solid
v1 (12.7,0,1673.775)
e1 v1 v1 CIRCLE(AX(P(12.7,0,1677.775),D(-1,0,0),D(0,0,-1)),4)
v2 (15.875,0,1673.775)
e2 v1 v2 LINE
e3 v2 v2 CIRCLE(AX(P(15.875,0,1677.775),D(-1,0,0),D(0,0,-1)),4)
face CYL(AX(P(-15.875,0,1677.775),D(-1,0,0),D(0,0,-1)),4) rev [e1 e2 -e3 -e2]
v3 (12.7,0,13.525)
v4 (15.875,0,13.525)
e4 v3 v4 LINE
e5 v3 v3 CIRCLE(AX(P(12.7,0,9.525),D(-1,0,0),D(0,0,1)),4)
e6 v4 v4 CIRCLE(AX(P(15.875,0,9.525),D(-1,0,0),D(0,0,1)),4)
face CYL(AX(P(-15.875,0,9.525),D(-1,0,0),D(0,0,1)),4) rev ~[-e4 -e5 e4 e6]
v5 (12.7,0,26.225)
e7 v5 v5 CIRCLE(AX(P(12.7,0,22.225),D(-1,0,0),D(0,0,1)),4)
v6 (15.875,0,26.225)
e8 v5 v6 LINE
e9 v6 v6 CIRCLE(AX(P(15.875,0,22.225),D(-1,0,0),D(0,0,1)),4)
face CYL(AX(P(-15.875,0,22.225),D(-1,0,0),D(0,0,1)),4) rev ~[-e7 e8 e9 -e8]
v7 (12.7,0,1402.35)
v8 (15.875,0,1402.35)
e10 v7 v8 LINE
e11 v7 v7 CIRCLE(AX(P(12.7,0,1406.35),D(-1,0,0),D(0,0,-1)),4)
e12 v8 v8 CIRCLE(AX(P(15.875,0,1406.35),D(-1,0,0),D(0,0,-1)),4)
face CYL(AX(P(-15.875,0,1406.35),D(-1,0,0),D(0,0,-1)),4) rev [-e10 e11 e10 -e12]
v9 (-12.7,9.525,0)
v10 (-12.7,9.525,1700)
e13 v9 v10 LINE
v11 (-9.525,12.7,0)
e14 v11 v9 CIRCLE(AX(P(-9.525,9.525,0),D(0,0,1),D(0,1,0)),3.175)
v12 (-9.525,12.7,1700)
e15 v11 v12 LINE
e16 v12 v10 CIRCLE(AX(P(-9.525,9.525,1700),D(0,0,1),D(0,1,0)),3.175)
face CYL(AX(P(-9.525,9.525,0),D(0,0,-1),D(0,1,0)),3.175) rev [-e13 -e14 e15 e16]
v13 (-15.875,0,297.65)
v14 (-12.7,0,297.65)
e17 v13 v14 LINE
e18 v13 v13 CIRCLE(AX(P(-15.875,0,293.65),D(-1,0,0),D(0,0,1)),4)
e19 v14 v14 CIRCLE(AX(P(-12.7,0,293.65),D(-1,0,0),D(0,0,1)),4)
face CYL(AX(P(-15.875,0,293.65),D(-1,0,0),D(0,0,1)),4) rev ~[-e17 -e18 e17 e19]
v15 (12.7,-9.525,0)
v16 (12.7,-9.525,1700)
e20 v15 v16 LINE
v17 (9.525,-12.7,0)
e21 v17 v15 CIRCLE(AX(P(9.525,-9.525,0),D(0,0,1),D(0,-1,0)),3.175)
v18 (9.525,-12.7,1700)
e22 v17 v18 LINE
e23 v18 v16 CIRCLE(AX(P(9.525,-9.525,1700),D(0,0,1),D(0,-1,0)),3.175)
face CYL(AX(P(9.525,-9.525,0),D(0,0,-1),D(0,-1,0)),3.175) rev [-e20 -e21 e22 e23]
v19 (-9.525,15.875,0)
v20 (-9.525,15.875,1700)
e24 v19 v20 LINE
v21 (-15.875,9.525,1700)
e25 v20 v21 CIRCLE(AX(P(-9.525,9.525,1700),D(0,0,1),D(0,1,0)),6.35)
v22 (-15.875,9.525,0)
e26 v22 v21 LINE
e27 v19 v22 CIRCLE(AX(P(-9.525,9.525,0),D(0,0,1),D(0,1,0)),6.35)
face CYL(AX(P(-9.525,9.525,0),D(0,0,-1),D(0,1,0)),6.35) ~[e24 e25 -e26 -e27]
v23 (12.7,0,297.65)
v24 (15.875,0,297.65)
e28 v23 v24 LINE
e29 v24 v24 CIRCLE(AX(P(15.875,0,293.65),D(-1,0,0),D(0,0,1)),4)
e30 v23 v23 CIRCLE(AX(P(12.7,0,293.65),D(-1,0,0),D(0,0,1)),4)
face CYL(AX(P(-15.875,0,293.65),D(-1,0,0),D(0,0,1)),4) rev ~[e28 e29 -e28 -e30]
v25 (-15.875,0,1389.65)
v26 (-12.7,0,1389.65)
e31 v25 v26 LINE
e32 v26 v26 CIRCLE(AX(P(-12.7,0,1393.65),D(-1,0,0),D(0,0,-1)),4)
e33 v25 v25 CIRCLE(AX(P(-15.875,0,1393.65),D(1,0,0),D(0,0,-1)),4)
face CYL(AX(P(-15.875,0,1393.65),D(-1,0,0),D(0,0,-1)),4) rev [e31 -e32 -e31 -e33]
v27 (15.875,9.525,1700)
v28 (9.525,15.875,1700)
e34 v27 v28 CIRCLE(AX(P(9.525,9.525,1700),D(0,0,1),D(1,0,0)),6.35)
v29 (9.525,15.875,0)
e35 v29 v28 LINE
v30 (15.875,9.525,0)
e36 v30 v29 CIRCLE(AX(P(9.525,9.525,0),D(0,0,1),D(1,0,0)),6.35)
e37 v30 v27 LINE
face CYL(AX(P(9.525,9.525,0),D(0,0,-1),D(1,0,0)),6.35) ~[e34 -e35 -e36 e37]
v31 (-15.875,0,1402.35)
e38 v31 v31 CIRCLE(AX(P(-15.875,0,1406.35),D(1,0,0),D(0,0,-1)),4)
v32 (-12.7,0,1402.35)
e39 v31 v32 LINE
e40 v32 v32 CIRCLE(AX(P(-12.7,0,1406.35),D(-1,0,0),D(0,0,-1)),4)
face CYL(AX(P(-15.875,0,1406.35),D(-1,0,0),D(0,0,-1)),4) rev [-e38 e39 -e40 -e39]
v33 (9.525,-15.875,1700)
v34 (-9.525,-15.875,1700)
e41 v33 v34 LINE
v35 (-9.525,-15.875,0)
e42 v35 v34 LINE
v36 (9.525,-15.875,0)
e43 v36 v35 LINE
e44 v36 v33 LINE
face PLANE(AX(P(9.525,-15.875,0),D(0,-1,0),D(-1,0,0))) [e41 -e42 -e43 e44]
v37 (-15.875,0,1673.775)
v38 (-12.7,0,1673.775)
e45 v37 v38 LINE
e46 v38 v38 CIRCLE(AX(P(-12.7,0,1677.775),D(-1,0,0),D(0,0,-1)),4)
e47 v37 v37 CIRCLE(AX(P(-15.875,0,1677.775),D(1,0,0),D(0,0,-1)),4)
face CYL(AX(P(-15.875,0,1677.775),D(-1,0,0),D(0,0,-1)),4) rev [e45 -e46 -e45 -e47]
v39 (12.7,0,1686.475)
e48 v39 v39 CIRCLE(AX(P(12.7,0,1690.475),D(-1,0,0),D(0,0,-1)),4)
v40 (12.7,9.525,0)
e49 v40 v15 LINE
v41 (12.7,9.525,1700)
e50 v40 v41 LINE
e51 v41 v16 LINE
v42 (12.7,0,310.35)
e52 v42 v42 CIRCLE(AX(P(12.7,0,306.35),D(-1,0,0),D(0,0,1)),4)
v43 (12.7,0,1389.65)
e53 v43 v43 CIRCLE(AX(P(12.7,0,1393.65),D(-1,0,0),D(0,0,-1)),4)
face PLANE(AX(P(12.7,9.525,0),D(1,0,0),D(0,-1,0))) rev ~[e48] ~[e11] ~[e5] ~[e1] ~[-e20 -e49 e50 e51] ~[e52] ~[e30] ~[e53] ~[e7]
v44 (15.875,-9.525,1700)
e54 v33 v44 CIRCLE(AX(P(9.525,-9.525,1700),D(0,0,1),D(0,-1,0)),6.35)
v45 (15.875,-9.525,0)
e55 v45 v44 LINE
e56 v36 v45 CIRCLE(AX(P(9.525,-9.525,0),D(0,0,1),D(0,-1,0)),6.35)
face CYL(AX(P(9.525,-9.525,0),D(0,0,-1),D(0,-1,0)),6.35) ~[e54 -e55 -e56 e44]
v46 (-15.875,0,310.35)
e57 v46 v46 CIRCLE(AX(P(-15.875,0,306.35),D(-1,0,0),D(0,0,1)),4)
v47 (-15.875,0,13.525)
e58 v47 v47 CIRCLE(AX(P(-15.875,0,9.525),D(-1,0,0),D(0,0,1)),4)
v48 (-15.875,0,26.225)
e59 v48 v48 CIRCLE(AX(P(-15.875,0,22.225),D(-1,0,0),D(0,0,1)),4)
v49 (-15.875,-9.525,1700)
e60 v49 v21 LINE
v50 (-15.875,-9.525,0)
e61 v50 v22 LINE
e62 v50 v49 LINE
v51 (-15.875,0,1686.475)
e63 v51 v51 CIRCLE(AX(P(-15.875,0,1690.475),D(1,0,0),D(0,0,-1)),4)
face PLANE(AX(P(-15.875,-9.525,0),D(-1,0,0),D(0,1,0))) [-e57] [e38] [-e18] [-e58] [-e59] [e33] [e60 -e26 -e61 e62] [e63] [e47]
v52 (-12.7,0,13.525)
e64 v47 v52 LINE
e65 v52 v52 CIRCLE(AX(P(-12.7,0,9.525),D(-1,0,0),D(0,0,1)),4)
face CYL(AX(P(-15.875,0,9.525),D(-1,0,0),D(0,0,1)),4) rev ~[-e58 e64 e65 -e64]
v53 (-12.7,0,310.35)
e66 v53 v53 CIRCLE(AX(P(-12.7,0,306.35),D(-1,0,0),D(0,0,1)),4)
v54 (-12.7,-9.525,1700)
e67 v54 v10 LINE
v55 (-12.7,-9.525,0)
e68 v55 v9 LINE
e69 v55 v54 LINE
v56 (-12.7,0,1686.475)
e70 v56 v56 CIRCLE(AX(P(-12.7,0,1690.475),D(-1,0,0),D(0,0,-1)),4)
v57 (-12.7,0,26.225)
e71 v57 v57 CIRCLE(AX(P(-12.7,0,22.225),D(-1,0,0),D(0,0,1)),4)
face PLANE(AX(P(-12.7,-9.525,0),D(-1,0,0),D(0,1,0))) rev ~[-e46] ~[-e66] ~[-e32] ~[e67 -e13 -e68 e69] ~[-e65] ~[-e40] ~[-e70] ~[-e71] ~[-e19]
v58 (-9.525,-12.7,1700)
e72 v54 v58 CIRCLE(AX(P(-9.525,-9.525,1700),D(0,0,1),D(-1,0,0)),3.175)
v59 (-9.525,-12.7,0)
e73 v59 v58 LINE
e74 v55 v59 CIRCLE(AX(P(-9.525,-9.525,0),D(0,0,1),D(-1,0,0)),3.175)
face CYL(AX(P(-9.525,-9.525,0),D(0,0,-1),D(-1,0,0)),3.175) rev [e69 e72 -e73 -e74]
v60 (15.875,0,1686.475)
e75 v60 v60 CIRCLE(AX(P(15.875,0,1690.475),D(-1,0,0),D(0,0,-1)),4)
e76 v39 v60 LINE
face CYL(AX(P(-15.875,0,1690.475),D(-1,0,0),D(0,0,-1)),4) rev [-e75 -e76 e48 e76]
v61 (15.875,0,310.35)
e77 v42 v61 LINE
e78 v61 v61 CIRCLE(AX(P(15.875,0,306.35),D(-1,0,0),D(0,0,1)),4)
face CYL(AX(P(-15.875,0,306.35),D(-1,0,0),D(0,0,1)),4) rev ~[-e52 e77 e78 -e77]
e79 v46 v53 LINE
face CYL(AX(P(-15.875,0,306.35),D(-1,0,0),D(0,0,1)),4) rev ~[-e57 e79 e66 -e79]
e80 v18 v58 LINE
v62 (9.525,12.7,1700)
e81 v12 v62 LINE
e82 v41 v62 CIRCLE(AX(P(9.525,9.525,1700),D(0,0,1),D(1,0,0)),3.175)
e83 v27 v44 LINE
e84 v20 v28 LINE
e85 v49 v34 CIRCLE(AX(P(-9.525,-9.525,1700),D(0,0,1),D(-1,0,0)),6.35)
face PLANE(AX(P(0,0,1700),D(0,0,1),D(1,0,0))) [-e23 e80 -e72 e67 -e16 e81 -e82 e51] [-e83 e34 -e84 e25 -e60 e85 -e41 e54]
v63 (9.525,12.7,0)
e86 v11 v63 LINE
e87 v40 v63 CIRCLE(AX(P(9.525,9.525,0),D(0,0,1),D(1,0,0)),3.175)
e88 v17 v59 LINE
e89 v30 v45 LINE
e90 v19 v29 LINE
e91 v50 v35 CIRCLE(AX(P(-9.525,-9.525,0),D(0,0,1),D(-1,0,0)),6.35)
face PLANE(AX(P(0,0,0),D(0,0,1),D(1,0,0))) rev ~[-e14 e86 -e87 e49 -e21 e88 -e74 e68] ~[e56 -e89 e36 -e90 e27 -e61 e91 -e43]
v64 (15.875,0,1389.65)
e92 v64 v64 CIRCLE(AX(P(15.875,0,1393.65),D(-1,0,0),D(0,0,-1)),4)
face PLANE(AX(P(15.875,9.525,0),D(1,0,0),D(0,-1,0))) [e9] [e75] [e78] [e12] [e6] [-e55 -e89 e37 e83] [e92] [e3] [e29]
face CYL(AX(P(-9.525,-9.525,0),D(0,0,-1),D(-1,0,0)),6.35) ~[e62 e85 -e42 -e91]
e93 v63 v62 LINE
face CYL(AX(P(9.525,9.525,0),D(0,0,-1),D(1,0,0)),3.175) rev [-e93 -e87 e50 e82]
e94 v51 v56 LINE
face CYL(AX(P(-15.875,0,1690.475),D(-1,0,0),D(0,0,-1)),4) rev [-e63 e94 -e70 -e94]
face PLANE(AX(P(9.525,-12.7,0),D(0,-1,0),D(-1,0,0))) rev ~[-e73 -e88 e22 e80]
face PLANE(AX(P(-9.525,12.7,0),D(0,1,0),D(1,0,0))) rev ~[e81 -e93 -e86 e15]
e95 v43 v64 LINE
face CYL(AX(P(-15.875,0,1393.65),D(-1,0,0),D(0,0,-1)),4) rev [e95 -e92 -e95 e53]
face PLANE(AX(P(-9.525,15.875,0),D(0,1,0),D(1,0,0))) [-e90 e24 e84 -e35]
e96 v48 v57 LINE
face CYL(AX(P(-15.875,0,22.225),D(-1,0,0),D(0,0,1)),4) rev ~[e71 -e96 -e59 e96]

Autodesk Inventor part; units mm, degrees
ref_plane "YZ Plane" through (0, 0, 0) normal (1, 0, 0) x (0, 1, 0)
ref_plane "Start Plane" through (0, 0, 0) normal (0, 0, 1) x (1, 0, 0)
ref_plane "End Plane" through (0, 0, 1700) normal (0, 0, 1) x (1, 0, 0)
sketch "Sketch" plane through (0, 0, 0) normal (0, 0, 1) x (1, 0, 0)
  line L0 (-15.875, -9.525) -> (-15.875, 9.525)
  line L1 (-9.525, 15.875) -> (9.525, 15.875)
  line L2 (15.875, 9.525) -> (15.875, -9.525)
  line L3 (9.525, -15.875) -> (-9.525, -15.875)
  arc A0 (-15.875, -9.525) -> (-9.525, -15.875) centre (-9.525, -9.525) ccw
  arc A1 (-9.525, 15.875) -> (-15.875, 9.525) centre (-9.525, 9.525) ccw
  arc A2 (15.875, 9.525) -> (9.525, 15.875) centre (9.525, 9.525) ccw
  arc A3 (9.525, -15.875) -> (15.875, -9.525) centre (9.525, -9.525) ccw
  arc A4 (-9.525, 12.7) -> (-12.7, 9.525) centre (-9.525, 9.525) ccw
  line L4 (-9.525, 12.7) -> (9.525, 12.7)
  arc A5 (12.7, 9.525) -> (9.525, 12.7) centre (9.525, 9.525) ccw
  line L5 (12.7, 9.525) -> (12.7, -9.525)
  arc A6 (9.525, -12.7) -> (12.7, -9.525) centre (9.525, -9.525) ccw
  line L6 (9.525, -12.7) -> (-9.525, -12.7)
  arc A7 (-12.7, -9.525) -> (-9.525, -12.7) centre (-9.525, -9.525) ccw
  line L7 (-12.7, -9.525) -> (-12.7, 9.525)
  line L8 (0, 24.0662) -> (0, -24.0662) construction
  line L9 (-24.0662, 0) -> (24.0662, 0) construction
  dimension "d10" = 31.75
  dimension "d11" = 31.75
  dimension "d12" = 3.175
  dimension "d15" = 15.875
  dimension "d16" = 15.875
  dimension "d17" = 6.35
extrude "Body" add sketch "Sketch" along normal up to surface (1700 mm away) from surface at 0
sketch "Sketch3" plane through (0, 0, 0) normal (0, 0, 1) x (1, 0, 0)
  line L0 (0, 0) -> (10, 0)
ref_plane "Work Plane3" through (0, 0, 0) normal (0, -1, 0) x (1, 0, 0)
sketch "Sketch5" plane through (-15.875, 9.525, 0) normal (-1, 0, 0) x (0, 0, 1)
  line L0 (309.525, 3.175) -> (290.475, 3.175) projected
  arc A0 (312.7, 0) -> (309.525, 3.175) centre (309.525, 0) ccw projected
  line L1 (312.7, -19.05) -> (312.7, 0) projected
  arc A1 (309.525, -22.225) -> (312.7, -19.05) centre (309.525, -19.05) ccw projected
  line L2 (290.475, -22.225) -> (309.525, -22.225) projected
  arc A2 (287.3, -19.05) -> (290.475, -22.225) centre (290.475, -19.05) ccw projected
  line L3 (287.3, 0) -> (287.3, -19.05) projected
  arc A3 (290.475, 3.175) -> (287.3, 0) centre (290.475, 0) ccw projected
  line L4 (284.125, -19.05) -> (284.125, 0) projected
  arc A4 (284.125, -19.05) -> (290.475, -25.4) centre (290.475, -19.05) ccw projected
  line L5 (309.525, -25.4) -> (290.475, -25.4) projected
  arc A5 (309.525, -25.4) -> (315.875, -19.05) centre (309.525, -19.05) ccw projected
  line L6 (315.875, 0) -> (315.875, -19.05) projected
  arc A6 (315.875, 0) -> (309.525, 6.35) centre (309.525, 0) ccw projected
  line L7 (290.475, 6.35) -> (309.525, 6.35) projected
  arc A7 (290.475, 6.35) -> (284.125, 0) centre (290.475, 0) ccw projected
  circle A8 centre (293.65, -9.525) radius 4
  line L8 (300, -22.225) -> (300, 3.175)
  line L9 (293.65, -3.1741) -> (299.15, -6.3496)
  line L10 (299.15, -6.3496) -> (299.15, -12.7004)
  line L11 (299.15, -12.7004) -> (293.65, -15.8759)
  line L12 (293.65, -15.8759) -> (288.15, -12.7004)
  line L13 (288.15, -12.7004) -> (288.15, -6.3496)
  line L14 (288.15, -6.3496) -> (293.65, -3.1741)
  circle A9 centre (306.35, -9.525) radius 4
  line L15 (306.35, -3.1741) -> (300.85, -6.3496)
  line L16 (300.85, -6.3496) -> (300.85, -12.7004)
  line L17 (300.85, -12.7004) -> (306.35, -15.8759)
  line L18 (306.35, -15.8759) -> (311.85, -12.7004)
  line L19 (311.85, -12.7004) -> (311.85, -6.3496)
  line L20 (311.85, -6.3496) -> (306.35, -3.1741)
  line L21 (6.35, 3.175) -> (25.4, 3.175) projected
  arc A10 (28.575, 0) -> (25.4, 3.175) centre (25.4, 0) ccw projected
  line L22 (28.575, 0) -> (28.575, -19.05) projected
  arc A11 (25.4, -22.225) -> (28.575, -19.05) centre (25.4, -19.05) ccw projected
  line L23 (25.4, -22.225) -> (6.35, -22.225) projected
  arc A12 (3.175, -19.05) -> (6.35, -22.225) centre (6.35, -19.05) ccw projected
  line L24 (3.175, -19.05) -> (3.175, 0) projected
  arc A13 (6.35, 3.175) -> (3.175, 0) centre (6.35, 0) ccw projected
  line L25 (31.75, -19.05) -> (31.75, 0) projected
  arc A14 (31.75, 0) -> (25.4, 6.35) centre (25.4, 0) ccw projected
  line L26 (25.4, 6.35) -> (6.35, 6.35) projected
  arc A15 (6.35, 6.35) -> (0, 0) centre (6.35, 0) ccw projected
  line L27 (0, 0) -> (0, -19.05) projected
  arc A16 (0, -19.05) -> (6.35, -25.4) centre (6.35, -19.05) ccw projected
  line L28 (6.35, -25.4) -> (25.4, -25.4) projected
  arc A17 (25.4, -25.4) -> (31.75, -19.05) centre (25.4, -19.05) ccw projected
  circle A18 centre (9.525, -9.525) radius 4
  line L29 (15.875, -22.225) -> (15.875, 3.175)
  line L30 (9.525, -3.1741) -> (15.025, -6.3496)
  line L31 (15.025, -6.3496) -> (15.025, -12.7004)
  line L32 (15.025, -12.7004) -> (9.525, -15.8759)
  line L33 (9.525, -15.8759) -> (4.025, -12.7004)
  line L34 (4.025, -12.7004) -> (4.025, -6.3496)
  line L35 (4.025, -6.3496) -> (9.525, -3.1741)
  line L36 (27.725, -12.7004) -> (27.725, -6.3496)
  line L37 (16.725, -6.3496) -> (16.725, -12.7004)
  line L38 (16.725, -12.7004) -> (22.225, -15.8759)
  line L39 (22.225, -15.8759) -> (27.725, -12.7004)
  circle A19 centre (22.225, -9.525) radius 4
  line L40 (27.725, -6.3496) -> (22.225, -3.1741)
  line L41 (22.225, -3.1741) -> (16.725, -6.3496)
  point P0 (0, -9.525)
  point P1 (300, -9.525)
  point P2 (299.15, -9.525)
  point P3 (300.85, -9.525)
  point P4 (15.875, -9.525)
  point P5 (15.025, -9.525)
  point P6 (16.725, -9.525)
  dimension "d20" = 8
  dimension "d22" = 11
  dimension "d23" = 6.35
  dimension "d26" = 8
  dimension "d27" = 11
  dimension "d28" = 6.35
extrude "Extrusion2" cut sketch "Sketch5" against normal through all contours A8 | A9 | A18 | A19
ref_plane "Work Plane4" through (0, 0, 850) normal (0, 0, -1) x (-1, 0, 0)
mirror "Mirror1" about plane through (0, 0, 850) normal (0, 0, -1) of "Extrusion2"
sketch "Sketch4" plane through (0, 0, 0) normal (0, -1, 0) x (1, 0, 0)
  line L0 (-2, 0) -> (12, 0) projected
  line L1 (-2, 1700) -> (12, 1700) projected
  dimension "d19" = 1700
equation "\"d10\" = G_H"
equation "\"d11\" = G_W"
equation "\"d12\" = G_T"
equation "\"d15\" = 0.5 * d10"
equation "\"d16\" = 0.5 * d11"
equation "\"d17\" = G_IR"
equation "\"d3\" = G_L"
equation "\"G_W\" = 31.75"
equation "\"G_H\" = 31.75"
equation "\"G_T\" = 3.175"
equation "\"G_IR\" = 6.35"
equation "\"G_L\" = d19"
equation "\"G_OFFSET_START\" = 0"
equation "\"G_OFFSET_END\" = 0"
equation "\"d14\" = G_OFFSET_END + B_L"
equation "\"B_L\" = 1700"
properties part number "AISC HSS - (1 1/4x1 1/4x1/8) - 66.929" material "Steel, Mild"
